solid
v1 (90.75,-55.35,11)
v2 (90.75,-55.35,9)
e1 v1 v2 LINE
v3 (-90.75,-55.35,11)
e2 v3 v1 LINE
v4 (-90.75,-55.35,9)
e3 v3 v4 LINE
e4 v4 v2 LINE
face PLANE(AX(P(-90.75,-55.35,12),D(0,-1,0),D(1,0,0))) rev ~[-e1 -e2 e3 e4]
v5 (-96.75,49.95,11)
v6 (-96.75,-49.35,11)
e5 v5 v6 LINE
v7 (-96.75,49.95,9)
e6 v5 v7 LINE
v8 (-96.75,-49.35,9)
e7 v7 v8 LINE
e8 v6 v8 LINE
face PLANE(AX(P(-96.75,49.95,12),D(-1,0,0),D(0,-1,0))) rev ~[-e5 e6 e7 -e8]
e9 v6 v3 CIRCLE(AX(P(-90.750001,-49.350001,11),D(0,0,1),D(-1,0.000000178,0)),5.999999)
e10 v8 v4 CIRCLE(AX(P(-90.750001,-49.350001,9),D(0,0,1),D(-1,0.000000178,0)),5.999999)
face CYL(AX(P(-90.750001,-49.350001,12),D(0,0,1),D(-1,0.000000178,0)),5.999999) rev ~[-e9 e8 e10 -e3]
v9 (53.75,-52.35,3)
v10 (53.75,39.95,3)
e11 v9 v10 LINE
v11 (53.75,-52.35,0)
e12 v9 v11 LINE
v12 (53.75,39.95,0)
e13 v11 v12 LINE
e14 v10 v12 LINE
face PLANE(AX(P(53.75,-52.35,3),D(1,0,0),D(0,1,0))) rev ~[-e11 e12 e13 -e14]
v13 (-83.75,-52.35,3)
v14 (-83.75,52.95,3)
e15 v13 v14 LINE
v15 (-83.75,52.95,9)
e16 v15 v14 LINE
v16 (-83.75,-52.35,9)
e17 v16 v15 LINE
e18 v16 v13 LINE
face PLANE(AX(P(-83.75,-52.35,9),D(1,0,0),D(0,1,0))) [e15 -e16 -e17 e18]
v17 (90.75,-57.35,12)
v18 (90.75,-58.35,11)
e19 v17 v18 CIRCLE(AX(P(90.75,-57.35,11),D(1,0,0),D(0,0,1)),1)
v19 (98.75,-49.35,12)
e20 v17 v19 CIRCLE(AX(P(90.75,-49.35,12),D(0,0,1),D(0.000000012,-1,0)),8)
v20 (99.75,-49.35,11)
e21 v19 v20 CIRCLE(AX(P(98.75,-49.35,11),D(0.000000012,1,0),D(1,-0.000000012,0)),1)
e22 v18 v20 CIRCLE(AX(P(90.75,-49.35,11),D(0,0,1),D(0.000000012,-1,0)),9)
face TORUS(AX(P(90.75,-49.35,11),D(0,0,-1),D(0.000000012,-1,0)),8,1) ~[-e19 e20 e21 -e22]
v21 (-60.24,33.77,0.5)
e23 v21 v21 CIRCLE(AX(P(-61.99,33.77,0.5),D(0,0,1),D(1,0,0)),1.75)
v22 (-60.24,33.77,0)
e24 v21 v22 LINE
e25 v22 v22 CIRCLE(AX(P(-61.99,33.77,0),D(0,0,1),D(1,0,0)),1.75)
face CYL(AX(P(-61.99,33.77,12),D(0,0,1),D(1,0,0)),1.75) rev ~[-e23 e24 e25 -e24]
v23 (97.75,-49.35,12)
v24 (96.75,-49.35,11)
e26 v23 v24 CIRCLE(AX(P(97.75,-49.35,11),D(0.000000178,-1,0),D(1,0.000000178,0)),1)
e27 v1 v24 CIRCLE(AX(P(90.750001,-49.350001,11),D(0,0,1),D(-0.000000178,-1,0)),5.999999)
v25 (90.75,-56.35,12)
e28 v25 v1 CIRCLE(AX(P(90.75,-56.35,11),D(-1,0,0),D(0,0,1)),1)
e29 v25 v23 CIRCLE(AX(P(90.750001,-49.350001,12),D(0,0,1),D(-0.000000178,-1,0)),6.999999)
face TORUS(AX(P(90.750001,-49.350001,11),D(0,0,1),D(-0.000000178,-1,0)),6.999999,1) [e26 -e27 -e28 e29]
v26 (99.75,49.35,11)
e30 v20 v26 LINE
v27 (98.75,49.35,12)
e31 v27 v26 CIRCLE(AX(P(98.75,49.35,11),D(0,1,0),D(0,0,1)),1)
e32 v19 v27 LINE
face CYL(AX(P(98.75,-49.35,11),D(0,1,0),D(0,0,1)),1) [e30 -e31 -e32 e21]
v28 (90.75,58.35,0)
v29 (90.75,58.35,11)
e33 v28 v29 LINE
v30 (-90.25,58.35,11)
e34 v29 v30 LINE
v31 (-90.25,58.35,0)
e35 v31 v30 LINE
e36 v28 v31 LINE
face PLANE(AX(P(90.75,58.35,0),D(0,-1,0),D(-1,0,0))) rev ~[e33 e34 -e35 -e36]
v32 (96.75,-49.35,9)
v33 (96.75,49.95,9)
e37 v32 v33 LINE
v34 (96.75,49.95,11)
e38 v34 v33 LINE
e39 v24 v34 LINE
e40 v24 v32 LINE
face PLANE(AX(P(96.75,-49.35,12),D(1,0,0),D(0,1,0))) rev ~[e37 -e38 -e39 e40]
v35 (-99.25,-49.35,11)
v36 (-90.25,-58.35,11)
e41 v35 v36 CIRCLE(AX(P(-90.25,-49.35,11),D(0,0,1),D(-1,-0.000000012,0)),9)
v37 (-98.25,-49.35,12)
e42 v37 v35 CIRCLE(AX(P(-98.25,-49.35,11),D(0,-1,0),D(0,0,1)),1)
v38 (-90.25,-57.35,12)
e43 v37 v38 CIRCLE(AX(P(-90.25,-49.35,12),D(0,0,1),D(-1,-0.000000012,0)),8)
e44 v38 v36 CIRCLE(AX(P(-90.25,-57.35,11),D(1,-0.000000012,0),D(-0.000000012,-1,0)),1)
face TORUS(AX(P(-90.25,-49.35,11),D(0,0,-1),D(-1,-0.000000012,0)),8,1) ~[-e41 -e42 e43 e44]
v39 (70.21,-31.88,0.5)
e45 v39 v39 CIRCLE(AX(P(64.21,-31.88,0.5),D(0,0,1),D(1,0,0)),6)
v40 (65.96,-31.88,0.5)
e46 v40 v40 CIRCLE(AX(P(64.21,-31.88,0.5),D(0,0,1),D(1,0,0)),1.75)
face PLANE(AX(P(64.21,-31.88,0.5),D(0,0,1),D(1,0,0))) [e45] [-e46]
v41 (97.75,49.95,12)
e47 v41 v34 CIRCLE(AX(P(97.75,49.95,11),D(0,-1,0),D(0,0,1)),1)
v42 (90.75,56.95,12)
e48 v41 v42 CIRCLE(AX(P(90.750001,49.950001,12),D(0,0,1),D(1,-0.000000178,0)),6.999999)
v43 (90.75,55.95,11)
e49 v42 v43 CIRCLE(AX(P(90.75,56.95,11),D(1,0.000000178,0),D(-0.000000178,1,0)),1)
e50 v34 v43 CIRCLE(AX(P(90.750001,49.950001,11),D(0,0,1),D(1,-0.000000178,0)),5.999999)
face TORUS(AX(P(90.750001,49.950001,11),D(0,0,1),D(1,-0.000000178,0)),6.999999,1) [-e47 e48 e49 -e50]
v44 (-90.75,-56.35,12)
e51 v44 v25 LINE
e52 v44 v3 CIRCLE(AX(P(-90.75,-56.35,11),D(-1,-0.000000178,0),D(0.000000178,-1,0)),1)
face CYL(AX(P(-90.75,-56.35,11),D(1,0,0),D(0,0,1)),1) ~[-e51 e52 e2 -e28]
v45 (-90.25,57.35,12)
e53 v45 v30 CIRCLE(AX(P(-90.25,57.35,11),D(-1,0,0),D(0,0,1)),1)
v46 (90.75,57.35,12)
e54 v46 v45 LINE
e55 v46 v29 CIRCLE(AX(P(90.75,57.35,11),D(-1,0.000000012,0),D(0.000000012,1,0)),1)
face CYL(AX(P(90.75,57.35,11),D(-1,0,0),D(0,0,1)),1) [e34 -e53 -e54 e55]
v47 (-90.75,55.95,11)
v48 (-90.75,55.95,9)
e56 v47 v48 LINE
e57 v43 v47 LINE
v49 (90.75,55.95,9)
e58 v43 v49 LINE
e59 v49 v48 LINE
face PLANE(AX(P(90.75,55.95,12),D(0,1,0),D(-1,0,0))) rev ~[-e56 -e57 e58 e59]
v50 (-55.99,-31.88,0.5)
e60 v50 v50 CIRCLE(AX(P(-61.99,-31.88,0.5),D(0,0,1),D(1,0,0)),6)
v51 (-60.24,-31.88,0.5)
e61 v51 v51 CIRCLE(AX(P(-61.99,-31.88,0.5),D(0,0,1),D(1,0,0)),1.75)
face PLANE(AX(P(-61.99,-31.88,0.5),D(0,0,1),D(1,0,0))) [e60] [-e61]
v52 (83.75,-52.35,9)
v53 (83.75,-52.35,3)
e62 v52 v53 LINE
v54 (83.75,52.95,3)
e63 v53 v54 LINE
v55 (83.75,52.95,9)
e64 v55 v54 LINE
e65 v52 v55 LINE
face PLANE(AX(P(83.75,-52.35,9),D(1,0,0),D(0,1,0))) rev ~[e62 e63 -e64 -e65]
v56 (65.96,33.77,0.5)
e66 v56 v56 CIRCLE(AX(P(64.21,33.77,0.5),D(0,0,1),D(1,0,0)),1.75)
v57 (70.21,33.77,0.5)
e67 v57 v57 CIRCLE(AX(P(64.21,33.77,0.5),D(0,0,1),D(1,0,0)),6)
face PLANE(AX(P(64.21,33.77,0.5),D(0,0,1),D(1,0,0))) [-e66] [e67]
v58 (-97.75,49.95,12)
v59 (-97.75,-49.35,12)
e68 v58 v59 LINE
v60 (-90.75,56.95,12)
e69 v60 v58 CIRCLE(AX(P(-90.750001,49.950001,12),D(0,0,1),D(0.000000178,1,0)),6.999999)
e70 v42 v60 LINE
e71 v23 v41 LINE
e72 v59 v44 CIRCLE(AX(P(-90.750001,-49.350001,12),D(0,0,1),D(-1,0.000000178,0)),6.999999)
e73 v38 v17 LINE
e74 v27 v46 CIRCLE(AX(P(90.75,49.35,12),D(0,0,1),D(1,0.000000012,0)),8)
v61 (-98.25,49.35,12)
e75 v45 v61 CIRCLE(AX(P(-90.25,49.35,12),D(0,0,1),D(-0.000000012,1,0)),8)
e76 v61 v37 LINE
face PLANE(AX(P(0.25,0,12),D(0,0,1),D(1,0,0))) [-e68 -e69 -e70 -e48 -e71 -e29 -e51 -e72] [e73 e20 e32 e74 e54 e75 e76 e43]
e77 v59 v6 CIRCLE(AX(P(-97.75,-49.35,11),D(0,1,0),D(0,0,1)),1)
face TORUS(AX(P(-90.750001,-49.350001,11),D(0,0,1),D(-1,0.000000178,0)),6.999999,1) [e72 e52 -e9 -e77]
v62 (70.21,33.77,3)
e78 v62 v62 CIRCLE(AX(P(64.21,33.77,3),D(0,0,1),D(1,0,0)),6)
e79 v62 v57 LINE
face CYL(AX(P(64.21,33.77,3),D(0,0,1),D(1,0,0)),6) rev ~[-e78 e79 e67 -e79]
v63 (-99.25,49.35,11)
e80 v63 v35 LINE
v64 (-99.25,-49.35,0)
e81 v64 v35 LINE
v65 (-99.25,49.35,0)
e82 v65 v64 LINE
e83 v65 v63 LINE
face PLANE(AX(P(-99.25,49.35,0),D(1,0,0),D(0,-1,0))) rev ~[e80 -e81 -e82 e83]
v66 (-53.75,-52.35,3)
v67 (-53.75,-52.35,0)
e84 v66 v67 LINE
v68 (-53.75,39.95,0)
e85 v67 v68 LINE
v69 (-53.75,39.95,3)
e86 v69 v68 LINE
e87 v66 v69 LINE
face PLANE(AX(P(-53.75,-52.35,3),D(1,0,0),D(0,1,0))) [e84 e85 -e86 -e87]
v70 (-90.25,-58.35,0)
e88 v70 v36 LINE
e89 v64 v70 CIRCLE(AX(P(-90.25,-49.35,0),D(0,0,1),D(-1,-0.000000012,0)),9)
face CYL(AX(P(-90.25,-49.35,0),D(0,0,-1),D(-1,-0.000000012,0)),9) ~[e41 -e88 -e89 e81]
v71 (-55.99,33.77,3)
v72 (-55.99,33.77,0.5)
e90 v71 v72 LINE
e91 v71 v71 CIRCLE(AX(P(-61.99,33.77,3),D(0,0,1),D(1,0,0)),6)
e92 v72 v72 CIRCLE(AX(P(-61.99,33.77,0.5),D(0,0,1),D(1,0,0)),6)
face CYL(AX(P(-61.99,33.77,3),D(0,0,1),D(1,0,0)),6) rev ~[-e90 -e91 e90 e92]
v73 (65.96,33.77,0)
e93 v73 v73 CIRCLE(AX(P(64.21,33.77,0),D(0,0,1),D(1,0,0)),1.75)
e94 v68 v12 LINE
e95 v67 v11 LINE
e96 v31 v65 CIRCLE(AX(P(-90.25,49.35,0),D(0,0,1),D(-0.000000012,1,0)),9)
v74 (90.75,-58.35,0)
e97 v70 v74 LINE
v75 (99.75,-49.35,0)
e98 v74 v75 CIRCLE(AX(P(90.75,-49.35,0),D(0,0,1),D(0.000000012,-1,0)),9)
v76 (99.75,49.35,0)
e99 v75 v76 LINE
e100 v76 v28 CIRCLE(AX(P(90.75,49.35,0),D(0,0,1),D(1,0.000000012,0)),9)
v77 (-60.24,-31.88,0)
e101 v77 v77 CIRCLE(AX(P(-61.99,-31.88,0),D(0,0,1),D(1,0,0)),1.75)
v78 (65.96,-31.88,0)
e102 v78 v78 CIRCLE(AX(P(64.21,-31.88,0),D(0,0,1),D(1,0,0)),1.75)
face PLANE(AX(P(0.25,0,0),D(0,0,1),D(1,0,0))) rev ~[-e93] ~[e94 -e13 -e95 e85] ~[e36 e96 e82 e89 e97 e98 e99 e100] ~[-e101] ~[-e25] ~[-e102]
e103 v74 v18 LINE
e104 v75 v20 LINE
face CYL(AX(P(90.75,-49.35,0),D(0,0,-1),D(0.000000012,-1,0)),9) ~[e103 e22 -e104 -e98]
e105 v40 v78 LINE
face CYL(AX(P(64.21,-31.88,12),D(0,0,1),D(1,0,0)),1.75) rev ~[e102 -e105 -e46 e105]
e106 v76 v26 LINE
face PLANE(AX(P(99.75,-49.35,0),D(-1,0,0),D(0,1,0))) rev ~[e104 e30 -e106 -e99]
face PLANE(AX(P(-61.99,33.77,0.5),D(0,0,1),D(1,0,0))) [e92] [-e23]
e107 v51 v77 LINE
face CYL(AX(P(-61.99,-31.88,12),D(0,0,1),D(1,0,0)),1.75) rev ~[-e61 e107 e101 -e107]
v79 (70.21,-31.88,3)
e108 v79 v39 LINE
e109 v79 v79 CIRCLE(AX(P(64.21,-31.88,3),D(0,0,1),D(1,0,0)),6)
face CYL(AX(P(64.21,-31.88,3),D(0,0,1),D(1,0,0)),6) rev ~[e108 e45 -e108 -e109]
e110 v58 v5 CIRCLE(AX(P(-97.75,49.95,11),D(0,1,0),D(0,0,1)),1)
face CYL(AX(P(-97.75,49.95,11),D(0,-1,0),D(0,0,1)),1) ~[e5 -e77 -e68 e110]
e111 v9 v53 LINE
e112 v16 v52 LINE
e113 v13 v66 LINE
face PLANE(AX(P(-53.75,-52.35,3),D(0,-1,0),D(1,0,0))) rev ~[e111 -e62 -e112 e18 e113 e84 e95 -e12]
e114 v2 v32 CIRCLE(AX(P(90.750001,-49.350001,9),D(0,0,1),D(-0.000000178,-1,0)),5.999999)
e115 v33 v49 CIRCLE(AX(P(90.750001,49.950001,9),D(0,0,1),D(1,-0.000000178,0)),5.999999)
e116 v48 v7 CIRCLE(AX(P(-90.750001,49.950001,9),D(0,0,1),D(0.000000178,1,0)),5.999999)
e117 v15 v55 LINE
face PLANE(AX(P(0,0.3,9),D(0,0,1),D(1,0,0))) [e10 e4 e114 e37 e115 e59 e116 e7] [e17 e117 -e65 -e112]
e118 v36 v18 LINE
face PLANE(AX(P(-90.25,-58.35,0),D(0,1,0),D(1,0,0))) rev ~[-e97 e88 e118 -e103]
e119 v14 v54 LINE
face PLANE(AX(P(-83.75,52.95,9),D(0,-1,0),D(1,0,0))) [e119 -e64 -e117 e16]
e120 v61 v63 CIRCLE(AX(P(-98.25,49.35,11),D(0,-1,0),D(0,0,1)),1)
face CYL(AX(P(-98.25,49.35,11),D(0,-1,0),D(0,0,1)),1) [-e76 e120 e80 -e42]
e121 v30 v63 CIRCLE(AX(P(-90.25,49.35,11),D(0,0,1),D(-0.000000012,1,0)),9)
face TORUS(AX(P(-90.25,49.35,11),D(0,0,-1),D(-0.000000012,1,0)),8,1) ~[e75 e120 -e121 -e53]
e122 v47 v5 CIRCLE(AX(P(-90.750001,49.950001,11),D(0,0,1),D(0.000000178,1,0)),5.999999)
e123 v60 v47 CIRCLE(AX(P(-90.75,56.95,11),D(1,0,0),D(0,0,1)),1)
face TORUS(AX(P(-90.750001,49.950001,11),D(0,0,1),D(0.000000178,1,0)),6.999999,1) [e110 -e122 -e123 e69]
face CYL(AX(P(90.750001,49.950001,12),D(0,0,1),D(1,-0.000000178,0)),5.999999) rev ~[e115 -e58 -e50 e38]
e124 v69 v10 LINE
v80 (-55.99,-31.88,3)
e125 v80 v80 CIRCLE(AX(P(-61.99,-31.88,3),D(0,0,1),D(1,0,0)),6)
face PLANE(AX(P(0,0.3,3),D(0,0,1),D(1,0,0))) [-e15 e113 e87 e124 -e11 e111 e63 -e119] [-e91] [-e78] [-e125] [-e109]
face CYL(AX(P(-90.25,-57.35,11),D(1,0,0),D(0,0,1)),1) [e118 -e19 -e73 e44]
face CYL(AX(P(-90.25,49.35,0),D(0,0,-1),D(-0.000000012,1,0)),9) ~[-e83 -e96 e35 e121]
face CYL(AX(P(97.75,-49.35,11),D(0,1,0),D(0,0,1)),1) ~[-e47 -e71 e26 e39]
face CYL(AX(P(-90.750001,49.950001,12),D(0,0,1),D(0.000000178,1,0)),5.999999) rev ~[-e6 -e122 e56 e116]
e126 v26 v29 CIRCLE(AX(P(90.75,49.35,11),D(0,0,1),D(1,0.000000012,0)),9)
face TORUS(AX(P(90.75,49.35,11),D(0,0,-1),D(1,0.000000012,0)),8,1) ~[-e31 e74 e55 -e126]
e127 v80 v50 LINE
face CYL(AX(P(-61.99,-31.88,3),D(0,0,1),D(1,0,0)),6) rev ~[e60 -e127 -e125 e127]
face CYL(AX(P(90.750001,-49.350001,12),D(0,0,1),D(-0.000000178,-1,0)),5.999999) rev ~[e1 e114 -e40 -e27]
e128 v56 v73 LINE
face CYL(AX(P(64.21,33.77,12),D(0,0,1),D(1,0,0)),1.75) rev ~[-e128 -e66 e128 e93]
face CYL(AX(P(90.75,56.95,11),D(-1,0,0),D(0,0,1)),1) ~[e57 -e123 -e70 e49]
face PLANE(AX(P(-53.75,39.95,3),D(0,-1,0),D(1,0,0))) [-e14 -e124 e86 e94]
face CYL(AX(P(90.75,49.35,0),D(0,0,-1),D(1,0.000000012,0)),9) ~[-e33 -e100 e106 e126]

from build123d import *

# Parameters (mm, degrees)
F1_DEPTH  = 12
F2_R      = 1.75
F3_DEPTH  = 25
F4_R      = 1.75
F5_DEPTH  = 3
F6_R      = 1
F7_W      = 167.5
F7_H      = 105.3
F8_DEPTH  = 6
F9_W      = 107.5
F9_H      = 92.3
F10_DEPTH = 6
F11_R     = 6
F12_DEPTH = 2.5


with BuildPart() as f1:
    # F0 (on Top) → F1 (new body)
    with BuildSketch(Plane.XY):
        with BuildLine():
            Line((90.75, 58.35), (-90.25, 58.35))
            ThreePointArc((-90.25, 58.35), (-96.613961, 55.713961), (-99.25, 49.35))
            Line((-99.25, 49.35), (-99.25, -49.35))
            ThreePointArc((-99.25, -49.35), (-96.613961, -55.713961), (-90.25, -58.35))
            Line((-90.25, -58.35), (90.75, -58.35))
            ThreePointArc((90.75, -58.35), (97.113961, -55.713961), (99.75, -49.35))
            Line((99.75, -49.35), (99.75, 49.35))
            ThreePointArc((99.75, 49.35), (97.113961, 55.713961), (90.75, 58.35))
        make_face()
    extrude(amount=F1_DEPTH)

    # F2 (on face) → F3 (cut)
    with BuildSketch(Plane.XY.offset(12)):
        with Locations((-61.99, 33.77)):
            Circle(F2_R)
        with Locations((64.21, 33.77)):
            Circle(F2_R)
        with Locations((64.21, -31.88)):
            Circle(F2_R)
        with Locations((-61.99, -31.88)):
            Circle(F2_R)
    extrude(amount=-F3_DEPTH, mode=Mode.SUBTRACT)

    # F4 (on face) → F5 (cut)
    with BuildSketch(Plane.XY.offset(12)):
        with BuildLine():
            Line((90.75, 55.95), (-90.75, 55.95))
            ThreePointArc((-90.75, 55.95), (-94.992641, 54.192641), (-96.75, 49.95))
            Line((-96.75, 49.95), (-96.75, -49.35))
            ThreePointArc((-96.75, -49.35), (-94.992641, -53.592641), (-90.75, -55.35))
            Line((-90.75, -55.35), (90.75, -55.35))
            ThreePointArc((90.75, -55.35), (94.992641, -53.592641), (96.75, -49.35))
            Line((96.75, -49.35), (96.75, 49.95))
            ThreePointArc((96.75, 49.95), (94.992641, 54.192641), (90.75, 55.95))
        make_face()
        with Locations((-61.99, -31.88)):
            Circle(F4_R, mode=Mode.SUBTRACT)
        with Locations((64.21, -31.88)):
            Circle(F4_R, mode=Mode.SUBTRACT)
        with Locations((-61.99, 33.77)):
            Circle(F4_R, mode=Mode.SUBTRACT)
        with Locations((64.21, 33.77)):
            Circle(F4_R, mode=Mode.SUBTRACT)
    extrude(amount=-F5_DEPTH, mode=Mode.SUBTRACT)

    # F6
    f6_edges = [f1.edges().sort_by_distance(p)[0] for p in [
        (-99.25, 0, 12),
        (-96.75, 0.3, 12),
        (-96.613961, 55.713961, 12),
        (0, 55.95, 12),
        (0.25, 58.35, 12),
        (94.992641, 54.192641, 12),
        (99.75, 0, 12),
        (96.75, 0.3, 12),
        (97.113961, -55.713961, 12),
        (94.992641, -53.592641, 12),
        (0.25, -58.35, 12),
        (0, -55.35, 12),
        (-94.992641, -53.592641, 12),
        (-96.613961, -55.713961, 12),
        (97.113961, 55.713961, 12),
        (-94.992641, 54.192641, 12),
    ]]
    fillet(f6_edges, radius=F6_R)

    # F7 (on face) → F8 (cut)
    with BuildSketch(Plane.XY.offset(9)):
        with Locations((0, 0.3)):
            Rectangle(F7_W, F7_H)
    extrude(amount=-F8_DEPTH, mode=Mode.SUBTRACT)

    # F9 (on face) → F10 (cut)
    with BuildSketch(Plane.XY.offset(3)):
        with Locations((0, -6.2)):
            Rectangle(F9_W, F9_H)
    extrude(amount=-F10_DEPTH, mode=Mode.SUBTRACT)

    # F11 (on face) → F12 (cut)
    with BuildSketch(Plane.XY.offset(3)):
        with Locations((-61.99, 33.77)):
            Circle(F11_R)
        with Locations((-61.99, -31.88)):
            Circle(F11_R)
        with Locations((64.21, 33.77)):
            Circle(F11_R)
        with Locations((64.21, -31.88)):
            Circle(F11_R)
    extrude(amount=-F12_DEPTH, mode=Mode.SUBTRACT)


solid = f1.part
